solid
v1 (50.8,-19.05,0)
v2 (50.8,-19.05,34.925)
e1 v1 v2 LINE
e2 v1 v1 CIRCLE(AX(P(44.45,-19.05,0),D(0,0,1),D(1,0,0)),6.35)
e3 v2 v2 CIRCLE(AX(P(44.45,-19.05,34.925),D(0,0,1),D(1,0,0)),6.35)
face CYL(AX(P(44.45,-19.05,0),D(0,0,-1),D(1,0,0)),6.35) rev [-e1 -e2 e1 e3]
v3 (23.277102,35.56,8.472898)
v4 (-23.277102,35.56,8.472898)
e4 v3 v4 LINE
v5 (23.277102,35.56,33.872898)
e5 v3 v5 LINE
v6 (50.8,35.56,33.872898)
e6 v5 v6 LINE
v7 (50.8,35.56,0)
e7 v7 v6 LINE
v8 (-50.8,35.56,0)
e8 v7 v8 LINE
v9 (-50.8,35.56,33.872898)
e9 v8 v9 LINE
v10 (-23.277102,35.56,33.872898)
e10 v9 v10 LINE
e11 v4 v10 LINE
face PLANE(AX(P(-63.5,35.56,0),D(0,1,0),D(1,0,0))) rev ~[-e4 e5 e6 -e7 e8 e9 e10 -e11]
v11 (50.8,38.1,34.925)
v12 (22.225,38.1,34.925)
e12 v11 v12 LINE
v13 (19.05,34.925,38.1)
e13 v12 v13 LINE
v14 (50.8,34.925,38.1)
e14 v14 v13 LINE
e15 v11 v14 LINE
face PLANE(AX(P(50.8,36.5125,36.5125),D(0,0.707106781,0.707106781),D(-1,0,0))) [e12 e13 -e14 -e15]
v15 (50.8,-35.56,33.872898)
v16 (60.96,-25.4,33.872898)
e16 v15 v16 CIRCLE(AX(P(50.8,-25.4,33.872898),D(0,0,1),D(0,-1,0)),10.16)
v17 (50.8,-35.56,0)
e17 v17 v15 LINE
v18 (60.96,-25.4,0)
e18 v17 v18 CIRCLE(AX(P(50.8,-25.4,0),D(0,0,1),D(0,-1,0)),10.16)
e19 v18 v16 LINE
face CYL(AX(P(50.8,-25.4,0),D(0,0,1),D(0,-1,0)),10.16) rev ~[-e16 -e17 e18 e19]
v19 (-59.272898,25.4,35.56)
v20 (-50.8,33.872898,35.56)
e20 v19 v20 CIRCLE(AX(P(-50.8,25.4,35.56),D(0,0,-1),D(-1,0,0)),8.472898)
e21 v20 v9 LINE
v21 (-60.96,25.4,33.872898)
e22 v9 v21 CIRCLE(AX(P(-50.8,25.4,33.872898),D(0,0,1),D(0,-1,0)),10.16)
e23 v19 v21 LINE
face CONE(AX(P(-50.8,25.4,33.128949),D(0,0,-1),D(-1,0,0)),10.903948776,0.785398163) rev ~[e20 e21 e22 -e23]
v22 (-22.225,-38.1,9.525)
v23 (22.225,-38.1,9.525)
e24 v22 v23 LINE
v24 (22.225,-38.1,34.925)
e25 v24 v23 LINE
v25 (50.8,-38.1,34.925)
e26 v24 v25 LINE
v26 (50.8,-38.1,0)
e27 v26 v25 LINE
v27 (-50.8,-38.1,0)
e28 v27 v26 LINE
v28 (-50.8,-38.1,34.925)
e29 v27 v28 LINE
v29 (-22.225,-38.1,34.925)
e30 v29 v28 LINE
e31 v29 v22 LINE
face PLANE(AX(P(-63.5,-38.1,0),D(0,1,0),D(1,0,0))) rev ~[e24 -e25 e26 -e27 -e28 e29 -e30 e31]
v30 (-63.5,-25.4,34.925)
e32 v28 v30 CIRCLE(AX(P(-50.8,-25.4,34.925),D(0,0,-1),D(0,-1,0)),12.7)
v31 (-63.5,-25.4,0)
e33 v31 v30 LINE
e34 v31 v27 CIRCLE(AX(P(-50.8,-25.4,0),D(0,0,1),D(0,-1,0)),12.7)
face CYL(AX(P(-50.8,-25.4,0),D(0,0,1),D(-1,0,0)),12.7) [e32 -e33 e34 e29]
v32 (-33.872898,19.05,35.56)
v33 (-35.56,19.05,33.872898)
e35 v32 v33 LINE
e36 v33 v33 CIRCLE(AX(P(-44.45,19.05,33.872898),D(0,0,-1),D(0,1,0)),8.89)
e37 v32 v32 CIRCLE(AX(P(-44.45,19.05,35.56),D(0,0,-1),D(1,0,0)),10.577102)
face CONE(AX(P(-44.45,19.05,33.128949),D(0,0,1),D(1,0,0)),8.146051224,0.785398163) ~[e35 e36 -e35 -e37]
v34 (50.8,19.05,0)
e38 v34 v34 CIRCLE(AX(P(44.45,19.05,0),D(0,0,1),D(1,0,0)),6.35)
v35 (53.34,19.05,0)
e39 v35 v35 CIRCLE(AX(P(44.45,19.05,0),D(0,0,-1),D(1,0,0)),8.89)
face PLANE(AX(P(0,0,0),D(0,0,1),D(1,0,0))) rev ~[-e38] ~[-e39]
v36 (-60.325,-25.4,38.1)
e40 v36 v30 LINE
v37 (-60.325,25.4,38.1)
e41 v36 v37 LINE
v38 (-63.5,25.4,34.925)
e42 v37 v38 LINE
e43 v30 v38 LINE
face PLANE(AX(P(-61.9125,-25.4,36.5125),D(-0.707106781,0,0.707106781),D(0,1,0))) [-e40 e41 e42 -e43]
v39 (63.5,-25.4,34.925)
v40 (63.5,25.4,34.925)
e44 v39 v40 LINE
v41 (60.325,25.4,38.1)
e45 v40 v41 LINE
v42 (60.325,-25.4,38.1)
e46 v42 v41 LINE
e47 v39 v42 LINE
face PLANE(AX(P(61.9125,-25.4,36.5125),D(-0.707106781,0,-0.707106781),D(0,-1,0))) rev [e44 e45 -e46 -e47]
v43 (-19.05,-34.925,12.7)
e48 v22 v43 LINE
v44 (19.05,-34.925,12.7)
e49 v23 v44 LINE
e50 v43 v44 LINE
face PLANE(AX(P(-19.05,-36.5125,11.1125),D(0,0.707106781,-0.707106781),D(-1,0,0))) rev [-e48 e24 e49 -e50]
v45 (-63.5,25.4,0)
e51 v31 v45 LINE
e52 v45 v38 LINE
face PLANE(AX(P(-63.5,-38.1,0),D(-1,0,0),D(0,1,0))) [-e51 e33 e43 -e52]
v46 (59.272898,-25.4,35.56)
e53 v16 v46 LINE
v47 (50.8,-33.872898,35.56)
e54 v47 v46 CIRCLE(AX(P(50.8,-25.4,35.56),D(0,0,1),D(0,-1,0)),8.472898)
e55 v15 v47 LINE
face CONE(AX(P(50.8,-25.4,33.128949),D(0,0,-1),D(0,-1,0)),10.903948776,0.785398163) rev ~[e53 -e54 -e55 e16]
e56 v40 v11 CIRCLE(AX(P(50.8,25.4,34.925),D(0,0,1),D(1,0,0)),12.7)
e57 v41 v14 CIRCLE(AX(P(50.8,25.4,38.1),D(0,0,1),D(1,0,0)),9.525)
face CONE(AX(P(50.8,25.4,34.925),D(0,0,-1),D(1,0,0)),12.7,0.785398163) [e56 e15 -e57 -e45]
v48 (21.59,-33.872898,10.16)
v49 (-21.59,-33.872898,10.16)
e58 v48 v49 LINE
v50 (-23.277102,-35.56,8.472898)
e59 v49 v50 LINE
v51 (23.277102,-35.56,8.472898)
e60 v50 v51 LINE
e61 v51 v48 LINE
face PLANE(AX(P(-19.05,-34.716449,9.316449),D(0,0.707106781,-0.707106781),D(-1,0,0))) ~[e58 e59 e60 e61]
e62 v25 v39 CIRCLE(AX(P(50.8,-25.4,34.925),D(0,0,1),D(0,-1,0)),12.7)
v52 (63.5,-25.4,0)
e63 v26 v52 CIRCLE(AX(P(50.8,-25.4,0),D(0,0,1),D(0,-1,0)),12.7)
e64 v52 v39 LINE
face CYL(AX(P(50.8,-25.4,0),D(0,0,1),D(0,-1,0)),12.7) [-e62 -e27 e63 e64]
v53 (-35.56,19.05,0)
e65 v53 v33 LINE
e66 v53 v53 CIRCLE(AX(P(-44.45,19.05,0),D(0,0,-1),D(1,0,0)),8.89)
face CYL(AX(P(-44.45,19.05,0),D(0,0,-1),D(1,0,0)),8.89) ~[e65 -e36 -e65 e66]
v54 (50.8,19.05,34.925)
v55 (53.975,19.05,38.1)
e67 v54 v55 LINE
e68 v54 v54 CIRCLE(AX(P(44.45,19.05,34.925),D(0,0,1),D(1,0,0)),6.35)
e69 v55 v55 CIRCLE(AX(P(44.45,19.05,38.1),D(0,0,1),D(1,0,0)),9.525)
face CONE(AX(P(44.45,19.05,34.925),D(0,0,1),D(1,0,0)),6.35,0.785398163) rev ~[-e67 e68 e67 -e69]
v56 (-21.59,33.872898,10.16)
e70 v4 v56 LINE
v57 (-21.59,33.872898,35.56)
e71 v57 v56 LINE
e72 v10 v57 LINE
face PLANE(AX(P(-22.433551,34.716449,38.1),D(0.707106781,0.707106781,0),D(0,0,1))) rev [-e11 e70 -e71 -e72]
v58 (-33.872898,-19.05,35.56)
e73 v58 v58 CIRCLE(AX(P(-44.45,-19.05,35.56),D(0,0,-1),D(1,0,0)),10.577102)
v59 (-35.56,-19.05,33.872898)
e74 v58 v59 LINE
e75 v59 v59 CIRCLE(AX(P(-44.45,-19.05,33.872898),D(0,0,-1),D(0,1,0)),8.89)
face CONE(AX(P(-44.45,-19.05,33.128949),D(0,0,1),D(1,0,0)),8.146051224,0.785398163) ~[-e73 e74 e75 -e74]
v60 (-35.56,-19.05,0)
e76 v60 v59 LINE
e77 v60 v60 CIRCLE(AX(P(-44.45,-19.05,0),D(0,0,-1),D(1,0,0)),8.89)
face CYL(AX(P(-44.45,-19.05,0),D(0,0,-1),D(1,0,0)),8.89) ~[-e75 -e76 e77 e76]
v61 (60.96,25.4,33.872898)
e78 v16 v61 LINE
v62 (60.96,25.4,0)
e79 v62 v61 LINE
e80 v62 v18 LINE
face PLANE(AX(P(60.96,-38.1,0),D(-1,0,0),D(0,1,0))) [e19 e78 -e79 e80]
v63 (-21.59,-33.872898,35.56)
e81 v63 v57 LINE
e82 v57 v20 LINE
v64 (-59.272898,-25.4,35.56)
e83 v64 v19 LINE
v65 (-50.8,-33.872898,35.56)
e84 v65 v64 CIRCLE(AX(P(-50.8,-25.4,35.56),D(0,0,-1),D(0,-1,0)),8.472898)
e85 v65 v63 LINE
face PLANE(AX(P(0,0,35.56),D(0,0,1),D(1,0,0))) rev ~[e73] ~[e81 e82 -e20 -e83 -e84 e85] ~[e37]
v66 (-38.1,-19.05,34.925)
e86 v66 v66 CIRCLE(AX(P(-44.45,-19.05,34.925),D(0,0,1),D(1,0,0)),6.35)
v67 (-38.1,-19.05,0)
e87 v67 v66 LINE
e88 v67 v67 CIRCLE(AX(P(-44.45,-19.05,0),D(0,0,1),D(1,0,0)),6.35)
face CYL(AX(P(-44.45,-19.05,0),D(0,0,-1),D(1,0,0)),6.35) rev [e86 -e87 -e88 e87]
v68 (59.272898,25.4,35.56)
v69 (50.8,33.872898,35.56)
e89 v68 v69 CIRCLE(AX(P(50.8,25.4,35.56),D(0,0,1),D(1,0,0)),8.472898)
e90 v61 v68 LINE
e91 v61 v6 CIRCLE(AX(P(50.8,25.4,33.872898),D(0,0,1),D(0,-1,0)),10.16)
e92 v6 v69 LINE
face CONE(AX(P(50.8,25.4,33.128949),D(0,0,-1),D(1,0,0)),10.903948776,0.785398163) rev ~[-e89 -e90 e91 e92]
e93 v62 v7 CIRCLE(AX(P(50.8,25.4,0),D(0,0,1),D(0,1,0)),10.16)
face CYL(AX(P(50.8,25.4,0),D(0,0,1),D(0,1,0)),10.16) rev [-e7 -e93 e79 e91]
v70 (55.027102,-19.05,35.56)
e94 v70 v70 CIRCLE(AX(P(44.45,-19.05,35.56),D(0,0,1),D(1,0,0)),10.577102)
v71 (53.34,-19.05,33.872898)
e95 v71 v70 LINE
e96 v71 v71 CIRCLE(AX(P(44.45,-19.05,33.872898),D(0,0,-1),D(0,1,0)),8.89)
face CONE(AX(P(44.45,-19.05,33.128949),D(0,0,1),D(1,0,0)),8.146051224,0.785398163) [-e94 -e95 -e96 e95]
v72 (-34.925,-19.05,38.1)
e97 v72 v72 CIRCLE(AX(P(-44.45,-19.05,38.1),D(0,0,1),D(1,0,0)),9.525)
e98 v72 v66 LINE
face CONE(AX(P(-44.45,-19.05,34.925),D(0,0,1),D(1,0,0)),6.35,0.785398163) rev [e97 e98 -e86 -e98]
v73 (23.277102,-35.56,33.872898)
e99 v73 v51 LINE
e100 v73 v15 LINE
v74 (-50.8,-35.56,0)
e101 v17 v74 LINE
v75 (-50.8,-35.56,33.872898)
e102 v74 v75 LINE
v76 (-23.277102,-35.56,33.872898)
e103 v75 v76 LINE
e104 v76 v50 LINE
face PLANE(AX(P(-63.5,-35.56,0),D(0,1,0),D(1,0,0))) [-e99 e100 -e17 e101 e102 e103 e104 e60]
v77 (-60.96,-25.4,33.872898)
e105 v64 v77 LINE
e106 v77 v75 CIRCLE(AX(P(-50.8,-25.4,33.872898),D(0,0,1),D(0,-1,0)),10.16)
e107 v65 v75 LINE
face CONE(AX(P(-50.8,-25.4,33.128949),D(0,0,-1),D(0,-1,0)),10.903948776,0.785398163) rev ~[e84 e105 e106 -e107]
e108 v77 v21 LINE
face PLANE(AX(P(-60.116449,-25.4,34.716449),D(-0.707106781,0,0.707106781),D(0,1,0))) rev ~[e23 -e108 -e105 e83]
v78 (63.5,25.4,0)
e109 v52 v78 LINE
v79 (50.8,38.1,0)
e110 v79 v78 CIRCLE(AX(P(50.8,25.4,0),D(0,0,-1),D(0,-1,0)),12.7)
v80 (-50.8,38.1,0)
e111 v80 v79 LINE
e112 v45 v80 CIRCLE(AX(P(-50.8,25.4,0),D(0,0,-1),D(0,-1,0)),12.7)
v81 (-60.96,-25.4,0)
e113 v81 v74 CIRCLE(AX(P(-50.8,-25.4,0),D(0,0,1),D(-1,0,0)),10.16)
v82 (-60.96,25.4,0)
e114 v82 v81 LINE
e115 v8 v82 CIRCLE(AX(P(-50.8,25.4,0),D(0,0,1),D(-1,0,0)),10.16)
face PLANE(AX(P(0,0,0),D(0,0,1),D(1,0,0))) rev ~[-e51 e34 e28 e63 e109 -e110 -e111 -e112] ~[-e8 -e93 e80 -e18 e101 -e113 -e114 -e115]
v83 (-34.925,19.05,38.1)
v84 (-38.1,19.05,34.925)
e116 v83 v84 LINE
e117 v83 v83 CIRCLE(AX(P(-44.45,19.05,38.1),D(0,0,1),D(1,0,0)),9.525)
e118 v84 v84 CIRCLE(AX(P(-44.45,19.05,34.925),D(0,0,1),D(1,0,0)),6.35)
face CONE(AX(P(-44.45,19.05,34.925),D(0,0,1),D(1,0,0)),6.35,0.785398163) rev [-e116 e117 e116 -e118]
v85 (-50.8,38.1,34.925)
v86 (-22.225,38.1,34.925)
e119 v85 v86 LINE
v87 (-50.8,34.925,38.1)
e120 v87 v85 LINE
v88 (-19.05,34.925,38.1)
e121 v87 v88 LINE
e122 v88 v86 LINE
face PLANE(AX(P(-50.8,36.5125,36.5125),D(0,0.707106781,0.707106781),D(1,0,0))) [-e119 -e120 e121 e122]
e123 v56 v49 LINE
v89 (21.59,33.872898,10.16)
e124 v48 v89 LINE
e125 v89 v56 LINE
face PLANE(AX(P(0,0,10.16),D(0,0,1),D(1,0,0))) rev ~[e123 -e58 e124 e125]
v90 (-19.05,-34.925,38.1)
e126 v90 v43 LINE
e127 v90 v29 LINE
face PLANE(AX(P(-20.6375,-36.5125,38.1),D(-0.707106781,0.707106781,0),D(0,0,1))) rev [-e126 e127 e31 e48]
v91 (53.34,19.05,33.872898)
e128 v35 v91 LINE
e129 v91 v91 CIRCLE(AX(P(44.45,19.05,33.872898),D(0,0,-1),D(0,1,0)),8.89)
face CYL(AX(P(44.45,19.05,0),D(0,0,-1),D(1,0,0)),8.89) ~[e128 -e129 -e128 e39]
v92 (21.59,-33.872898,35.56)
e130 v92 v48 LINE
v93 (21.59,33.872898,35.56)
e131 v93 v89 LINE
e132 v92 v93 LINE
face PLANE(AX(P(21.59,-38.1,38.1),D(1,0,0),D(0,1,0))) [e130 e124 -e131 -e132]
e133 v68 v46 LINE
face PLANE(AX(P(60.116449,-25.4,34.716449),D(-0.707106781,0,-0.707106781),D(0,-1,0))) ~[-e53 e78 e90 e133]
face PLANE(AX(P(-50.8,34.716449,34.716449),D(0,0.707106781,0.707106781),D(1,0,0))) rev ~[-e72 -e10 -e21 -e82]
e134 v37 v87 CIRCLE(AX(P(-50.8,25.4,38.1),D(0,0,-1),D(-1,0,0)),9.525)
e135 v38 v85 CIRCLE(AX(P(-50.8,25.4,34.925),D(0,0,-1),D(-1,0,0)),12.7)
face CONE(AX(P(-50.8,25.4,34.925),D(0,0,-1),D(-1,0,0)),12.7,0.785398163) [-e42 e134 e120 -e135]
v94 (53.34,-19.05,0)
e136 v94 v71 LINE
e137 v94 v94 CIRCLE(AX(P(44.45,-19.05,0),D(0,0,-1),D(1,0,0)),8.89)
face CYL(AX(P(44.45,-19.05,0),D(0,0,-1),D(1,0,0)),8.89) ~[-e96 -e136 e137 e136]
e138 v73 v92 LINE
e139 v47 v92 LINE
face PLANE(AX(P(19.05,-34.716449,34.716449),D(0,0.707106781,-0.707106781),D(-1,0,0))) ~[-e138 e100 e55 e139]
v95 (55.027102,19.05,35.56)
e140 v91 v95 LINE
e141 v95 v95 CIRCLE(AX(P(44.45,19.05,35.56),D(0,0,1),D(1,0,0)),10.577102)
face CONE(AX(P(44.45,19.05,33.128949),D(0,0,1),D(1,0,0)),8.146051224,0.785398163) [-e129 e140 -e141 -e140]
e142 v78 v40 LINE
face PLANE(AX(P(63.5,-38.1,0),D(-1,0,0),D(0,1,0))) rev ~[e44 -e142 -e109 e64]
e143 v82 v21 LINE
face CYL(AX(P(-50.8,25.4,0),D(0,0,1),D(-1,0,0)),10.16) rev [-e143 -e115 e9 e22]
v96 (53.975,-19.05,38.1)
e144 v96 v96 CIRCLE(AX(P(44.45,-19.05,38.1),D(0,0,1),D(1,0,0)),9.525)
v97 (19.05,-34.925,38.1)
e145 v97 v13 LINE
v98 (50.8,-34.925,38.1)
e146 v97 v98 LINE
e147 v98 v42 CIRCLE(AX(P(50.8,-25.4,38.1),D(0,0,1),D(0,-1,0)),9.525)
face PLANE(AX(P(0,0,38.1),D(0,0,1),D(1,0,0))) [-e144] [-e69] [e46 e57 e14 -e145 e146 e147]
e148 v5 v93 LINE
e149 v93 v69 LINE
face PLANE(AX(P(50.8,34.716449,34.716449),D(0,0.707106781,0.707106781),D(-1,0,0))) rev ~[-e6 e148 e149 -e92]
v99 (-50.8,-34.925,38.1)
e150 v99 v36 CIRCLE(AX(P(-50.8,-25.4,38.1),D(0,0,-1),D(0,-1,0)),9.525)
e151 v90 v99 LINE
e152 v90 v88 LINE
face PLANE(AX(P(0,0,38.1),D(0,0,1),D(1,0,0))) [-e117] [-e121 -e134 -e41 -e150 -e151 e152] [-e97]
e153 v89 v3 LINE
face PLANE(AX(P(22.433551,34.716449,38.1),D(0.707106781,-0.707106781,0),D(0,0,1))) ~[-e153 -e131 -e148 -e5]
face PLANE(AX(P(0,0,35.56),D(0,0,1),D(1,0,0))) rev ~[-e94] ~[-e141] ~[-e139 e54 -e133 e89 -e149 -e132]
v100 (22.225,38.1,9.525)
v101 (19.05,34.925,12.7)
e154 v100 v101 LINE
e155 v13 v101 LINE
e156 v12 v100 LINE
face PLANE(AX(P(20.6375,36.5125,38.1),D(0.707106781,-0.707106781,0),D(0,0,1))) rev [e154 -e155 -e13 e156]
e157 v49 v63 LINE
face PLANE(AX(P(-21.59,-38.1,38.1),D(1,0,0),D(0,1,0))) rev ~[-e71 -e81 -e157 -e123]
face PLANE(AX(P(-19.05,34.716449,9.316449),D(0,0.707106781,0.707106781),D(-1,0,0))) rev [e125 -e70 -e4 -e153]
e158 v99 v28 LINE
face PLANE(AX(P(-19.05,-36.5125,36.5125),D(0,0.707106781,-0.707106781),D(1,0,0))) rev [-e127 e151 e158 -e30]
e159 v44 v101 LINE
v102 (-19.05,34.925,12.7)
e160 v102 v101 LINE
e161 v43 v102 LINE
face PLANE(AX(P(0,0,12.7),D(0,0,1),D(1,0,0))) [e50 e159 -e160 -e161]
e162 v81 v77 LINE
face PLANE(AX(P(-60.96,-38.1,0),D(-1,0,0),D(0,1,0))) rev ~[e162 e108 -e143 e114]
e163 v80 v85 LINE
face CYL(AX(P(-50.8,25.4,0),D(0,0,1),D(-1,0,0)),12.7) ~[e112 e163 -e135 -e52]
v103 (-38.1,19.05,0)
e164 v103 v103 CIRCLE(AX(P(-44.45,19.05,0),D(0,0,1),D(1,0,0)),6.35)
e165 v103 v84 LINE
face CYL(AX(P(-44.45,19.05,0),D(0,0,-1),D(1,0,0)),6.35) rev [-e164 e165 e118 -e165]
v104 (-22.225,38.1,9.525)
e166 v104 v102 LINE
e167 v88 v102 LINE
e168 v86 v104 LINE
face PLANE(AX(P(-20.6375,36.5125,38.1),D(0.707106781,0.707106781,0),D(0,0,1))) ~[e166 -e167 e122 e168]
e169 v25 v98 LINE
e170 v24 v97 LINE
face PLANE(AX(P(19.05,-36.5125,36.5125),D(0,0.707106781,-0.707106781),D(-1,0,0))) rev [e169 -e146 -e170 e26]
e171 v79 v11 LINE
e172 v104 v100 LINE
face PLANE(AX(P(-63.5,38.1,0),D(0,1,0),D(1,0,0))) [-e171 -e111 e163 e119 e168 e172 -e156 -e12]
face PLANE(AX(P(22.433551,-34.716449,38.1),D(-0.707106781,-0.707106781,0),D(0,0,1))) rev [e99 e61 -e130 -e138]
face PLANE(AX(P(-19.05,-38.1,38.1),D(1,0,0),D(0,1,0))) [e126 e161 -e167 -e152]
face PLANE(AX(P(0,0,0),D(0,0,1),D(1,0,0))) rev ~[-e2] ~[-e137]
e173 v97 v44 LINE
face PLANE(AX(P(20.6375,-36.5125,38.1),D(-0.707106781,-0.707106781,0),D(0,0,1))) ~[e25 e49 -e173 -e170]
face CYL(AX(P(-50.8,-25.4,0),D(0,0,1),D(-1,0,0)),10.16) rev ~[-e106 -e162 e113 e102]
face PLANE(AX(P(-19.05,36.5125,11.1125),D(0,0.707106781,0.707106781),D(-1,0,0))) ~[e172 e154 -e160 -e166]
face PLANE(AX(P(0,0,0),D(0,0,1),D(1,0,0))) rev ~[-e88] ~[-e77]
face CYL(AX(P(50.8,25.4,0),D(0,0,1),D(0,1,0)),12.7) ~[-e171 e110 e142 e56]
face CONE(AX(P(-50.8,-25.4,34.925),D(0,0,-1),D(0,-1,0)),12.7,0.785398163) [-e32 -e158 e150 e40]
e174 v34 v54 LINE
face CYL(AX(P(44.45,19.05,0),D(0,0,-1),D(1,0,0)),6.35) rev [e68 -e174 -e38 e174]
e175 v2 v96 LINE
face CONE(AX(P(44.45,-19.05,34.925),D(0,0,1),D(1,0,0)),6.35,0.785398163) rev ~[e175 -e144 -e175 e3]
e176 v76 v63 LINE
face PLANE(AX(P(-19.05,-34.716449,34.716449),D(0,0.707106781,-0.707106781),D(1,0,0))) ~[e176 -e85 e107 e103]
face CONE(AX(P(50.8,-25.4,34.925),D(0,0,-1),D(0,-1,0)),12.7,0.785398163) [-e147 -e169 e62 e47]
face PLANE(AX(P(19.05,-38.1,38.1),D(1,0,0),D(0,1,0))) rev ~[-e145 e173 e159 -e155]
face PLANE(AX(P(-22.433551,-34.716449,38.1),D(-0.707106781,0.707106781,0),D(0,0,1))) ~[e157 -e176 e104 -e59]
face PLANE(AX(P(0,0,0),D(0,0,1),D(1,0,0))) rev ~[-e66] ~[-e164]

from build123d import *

# Parameters (mm, degrees)
SKETCH1_W           = 127
SKETCH1_H           = 76.2
SKETCH1_R           = 6.35
BOSS_EXTRUDE1_DEPTH = 38.1
SKETCH3_W           = 38.1
SKETCH3_H           = 76.2
CUT_EXTRUDE1_DEPTH  = 25.4
FILLET1_R           = 12.7
CHAMFER1_SIZE       = 3.175
SHELL1_T            = -2.54


with BuildPart() as part:
    # Sketch1 → Boss-Extrude1 (new body)
    with BuildSketch(Plane.XY):
        Rectangle(SKETCH1_W, SKETCH1_H)
        with Locations((-44.45, 19.05)):
            Circle(SKETCH1_R, mode=Mode.SUBTRACT)
        with Locations((44.45, 19.05)):
            Circle(SKETCH1_R, mode=Mode.SUBTRACT)
        with Locations((-44.45, -19.05)):
            Circle(SKETCH1_R, mode=Mode.SUBTRACT)
        with Locations((44.45, -19.05)):
            Circle(SKETCH1_R, mode=Mode.SUBTRACT)
    extrude(amount=BOSS_EXTRUDE1_DEPTH)

    # Sketch3 → Cut-Extrude1 (cut)
    with BuildSketch(Plane.XY.offset(38.1)):
        Rectangle(SKETCH3_W, SKETCH3_H)
    extrude(amount=-CUT_EXTRUDE1_DEPTH, mode=Mode.SUBTRACT)

    # Fillet1
    fillet1_edges = [part.edges().sort_by_distance(p)[0] for p in [
        (63.5, -38.1, 19.05),
        (-63.5, -38.1, 19.05),
        (-63.5, 38.1, 19.05),
        (63.5, 38.1, 19.05),
    ]]
    fillet(fillet1_edges, radius=FILLET1_R)

    # Chamfer1
    chamfer1_edges = [part.edges().sort_by_distance(p)[0] for p in [
        (-50.8, 19.05, 38.1),
        (38.1, 19.05, 38.1),
        (-50.8, -19.05, 38.1),
        (38.1, -19.05, 38.1),
        (34.925, -38.1, 38.1),
        (-34.925, 38.1, 38.1),
        (19.05, 38.1, 25.4),
        (0, -38.1, 12.7),
        (19.05, -38.1, 25.4),
        (-19.05, -38.1, 25.4),
        (0, 38.1, 12.7),
        (-19.05, 38.1, 25.4),
        (-34.925, -38.1, 38.1),
        (-63.5, 0, 38.1),
        (-59.780256121, 34.380256121, 38.1),
        (-59.780256121, -34.380256121, 38.1),
        (63.5, 0, 38.1),
        (34.925, 38.1, 38.1),
        (59.780256121, 34.380256121, 38.1),
        (59.780256121, -34.380256121, 38.1),
    ]]
    chamfer(chamfer1_edges, length=CHAMFER1_SIZE)

    # Shell1
    shell1_openings = [part.faces().sort_by_distance(p)[0] for p in [
        (-50.8, -19.05, 0),
    ]]
    offset(amount=SHELL1_T, openings=shell1_openings, kind=Kind.INTERSECTION)


solid = part.part
